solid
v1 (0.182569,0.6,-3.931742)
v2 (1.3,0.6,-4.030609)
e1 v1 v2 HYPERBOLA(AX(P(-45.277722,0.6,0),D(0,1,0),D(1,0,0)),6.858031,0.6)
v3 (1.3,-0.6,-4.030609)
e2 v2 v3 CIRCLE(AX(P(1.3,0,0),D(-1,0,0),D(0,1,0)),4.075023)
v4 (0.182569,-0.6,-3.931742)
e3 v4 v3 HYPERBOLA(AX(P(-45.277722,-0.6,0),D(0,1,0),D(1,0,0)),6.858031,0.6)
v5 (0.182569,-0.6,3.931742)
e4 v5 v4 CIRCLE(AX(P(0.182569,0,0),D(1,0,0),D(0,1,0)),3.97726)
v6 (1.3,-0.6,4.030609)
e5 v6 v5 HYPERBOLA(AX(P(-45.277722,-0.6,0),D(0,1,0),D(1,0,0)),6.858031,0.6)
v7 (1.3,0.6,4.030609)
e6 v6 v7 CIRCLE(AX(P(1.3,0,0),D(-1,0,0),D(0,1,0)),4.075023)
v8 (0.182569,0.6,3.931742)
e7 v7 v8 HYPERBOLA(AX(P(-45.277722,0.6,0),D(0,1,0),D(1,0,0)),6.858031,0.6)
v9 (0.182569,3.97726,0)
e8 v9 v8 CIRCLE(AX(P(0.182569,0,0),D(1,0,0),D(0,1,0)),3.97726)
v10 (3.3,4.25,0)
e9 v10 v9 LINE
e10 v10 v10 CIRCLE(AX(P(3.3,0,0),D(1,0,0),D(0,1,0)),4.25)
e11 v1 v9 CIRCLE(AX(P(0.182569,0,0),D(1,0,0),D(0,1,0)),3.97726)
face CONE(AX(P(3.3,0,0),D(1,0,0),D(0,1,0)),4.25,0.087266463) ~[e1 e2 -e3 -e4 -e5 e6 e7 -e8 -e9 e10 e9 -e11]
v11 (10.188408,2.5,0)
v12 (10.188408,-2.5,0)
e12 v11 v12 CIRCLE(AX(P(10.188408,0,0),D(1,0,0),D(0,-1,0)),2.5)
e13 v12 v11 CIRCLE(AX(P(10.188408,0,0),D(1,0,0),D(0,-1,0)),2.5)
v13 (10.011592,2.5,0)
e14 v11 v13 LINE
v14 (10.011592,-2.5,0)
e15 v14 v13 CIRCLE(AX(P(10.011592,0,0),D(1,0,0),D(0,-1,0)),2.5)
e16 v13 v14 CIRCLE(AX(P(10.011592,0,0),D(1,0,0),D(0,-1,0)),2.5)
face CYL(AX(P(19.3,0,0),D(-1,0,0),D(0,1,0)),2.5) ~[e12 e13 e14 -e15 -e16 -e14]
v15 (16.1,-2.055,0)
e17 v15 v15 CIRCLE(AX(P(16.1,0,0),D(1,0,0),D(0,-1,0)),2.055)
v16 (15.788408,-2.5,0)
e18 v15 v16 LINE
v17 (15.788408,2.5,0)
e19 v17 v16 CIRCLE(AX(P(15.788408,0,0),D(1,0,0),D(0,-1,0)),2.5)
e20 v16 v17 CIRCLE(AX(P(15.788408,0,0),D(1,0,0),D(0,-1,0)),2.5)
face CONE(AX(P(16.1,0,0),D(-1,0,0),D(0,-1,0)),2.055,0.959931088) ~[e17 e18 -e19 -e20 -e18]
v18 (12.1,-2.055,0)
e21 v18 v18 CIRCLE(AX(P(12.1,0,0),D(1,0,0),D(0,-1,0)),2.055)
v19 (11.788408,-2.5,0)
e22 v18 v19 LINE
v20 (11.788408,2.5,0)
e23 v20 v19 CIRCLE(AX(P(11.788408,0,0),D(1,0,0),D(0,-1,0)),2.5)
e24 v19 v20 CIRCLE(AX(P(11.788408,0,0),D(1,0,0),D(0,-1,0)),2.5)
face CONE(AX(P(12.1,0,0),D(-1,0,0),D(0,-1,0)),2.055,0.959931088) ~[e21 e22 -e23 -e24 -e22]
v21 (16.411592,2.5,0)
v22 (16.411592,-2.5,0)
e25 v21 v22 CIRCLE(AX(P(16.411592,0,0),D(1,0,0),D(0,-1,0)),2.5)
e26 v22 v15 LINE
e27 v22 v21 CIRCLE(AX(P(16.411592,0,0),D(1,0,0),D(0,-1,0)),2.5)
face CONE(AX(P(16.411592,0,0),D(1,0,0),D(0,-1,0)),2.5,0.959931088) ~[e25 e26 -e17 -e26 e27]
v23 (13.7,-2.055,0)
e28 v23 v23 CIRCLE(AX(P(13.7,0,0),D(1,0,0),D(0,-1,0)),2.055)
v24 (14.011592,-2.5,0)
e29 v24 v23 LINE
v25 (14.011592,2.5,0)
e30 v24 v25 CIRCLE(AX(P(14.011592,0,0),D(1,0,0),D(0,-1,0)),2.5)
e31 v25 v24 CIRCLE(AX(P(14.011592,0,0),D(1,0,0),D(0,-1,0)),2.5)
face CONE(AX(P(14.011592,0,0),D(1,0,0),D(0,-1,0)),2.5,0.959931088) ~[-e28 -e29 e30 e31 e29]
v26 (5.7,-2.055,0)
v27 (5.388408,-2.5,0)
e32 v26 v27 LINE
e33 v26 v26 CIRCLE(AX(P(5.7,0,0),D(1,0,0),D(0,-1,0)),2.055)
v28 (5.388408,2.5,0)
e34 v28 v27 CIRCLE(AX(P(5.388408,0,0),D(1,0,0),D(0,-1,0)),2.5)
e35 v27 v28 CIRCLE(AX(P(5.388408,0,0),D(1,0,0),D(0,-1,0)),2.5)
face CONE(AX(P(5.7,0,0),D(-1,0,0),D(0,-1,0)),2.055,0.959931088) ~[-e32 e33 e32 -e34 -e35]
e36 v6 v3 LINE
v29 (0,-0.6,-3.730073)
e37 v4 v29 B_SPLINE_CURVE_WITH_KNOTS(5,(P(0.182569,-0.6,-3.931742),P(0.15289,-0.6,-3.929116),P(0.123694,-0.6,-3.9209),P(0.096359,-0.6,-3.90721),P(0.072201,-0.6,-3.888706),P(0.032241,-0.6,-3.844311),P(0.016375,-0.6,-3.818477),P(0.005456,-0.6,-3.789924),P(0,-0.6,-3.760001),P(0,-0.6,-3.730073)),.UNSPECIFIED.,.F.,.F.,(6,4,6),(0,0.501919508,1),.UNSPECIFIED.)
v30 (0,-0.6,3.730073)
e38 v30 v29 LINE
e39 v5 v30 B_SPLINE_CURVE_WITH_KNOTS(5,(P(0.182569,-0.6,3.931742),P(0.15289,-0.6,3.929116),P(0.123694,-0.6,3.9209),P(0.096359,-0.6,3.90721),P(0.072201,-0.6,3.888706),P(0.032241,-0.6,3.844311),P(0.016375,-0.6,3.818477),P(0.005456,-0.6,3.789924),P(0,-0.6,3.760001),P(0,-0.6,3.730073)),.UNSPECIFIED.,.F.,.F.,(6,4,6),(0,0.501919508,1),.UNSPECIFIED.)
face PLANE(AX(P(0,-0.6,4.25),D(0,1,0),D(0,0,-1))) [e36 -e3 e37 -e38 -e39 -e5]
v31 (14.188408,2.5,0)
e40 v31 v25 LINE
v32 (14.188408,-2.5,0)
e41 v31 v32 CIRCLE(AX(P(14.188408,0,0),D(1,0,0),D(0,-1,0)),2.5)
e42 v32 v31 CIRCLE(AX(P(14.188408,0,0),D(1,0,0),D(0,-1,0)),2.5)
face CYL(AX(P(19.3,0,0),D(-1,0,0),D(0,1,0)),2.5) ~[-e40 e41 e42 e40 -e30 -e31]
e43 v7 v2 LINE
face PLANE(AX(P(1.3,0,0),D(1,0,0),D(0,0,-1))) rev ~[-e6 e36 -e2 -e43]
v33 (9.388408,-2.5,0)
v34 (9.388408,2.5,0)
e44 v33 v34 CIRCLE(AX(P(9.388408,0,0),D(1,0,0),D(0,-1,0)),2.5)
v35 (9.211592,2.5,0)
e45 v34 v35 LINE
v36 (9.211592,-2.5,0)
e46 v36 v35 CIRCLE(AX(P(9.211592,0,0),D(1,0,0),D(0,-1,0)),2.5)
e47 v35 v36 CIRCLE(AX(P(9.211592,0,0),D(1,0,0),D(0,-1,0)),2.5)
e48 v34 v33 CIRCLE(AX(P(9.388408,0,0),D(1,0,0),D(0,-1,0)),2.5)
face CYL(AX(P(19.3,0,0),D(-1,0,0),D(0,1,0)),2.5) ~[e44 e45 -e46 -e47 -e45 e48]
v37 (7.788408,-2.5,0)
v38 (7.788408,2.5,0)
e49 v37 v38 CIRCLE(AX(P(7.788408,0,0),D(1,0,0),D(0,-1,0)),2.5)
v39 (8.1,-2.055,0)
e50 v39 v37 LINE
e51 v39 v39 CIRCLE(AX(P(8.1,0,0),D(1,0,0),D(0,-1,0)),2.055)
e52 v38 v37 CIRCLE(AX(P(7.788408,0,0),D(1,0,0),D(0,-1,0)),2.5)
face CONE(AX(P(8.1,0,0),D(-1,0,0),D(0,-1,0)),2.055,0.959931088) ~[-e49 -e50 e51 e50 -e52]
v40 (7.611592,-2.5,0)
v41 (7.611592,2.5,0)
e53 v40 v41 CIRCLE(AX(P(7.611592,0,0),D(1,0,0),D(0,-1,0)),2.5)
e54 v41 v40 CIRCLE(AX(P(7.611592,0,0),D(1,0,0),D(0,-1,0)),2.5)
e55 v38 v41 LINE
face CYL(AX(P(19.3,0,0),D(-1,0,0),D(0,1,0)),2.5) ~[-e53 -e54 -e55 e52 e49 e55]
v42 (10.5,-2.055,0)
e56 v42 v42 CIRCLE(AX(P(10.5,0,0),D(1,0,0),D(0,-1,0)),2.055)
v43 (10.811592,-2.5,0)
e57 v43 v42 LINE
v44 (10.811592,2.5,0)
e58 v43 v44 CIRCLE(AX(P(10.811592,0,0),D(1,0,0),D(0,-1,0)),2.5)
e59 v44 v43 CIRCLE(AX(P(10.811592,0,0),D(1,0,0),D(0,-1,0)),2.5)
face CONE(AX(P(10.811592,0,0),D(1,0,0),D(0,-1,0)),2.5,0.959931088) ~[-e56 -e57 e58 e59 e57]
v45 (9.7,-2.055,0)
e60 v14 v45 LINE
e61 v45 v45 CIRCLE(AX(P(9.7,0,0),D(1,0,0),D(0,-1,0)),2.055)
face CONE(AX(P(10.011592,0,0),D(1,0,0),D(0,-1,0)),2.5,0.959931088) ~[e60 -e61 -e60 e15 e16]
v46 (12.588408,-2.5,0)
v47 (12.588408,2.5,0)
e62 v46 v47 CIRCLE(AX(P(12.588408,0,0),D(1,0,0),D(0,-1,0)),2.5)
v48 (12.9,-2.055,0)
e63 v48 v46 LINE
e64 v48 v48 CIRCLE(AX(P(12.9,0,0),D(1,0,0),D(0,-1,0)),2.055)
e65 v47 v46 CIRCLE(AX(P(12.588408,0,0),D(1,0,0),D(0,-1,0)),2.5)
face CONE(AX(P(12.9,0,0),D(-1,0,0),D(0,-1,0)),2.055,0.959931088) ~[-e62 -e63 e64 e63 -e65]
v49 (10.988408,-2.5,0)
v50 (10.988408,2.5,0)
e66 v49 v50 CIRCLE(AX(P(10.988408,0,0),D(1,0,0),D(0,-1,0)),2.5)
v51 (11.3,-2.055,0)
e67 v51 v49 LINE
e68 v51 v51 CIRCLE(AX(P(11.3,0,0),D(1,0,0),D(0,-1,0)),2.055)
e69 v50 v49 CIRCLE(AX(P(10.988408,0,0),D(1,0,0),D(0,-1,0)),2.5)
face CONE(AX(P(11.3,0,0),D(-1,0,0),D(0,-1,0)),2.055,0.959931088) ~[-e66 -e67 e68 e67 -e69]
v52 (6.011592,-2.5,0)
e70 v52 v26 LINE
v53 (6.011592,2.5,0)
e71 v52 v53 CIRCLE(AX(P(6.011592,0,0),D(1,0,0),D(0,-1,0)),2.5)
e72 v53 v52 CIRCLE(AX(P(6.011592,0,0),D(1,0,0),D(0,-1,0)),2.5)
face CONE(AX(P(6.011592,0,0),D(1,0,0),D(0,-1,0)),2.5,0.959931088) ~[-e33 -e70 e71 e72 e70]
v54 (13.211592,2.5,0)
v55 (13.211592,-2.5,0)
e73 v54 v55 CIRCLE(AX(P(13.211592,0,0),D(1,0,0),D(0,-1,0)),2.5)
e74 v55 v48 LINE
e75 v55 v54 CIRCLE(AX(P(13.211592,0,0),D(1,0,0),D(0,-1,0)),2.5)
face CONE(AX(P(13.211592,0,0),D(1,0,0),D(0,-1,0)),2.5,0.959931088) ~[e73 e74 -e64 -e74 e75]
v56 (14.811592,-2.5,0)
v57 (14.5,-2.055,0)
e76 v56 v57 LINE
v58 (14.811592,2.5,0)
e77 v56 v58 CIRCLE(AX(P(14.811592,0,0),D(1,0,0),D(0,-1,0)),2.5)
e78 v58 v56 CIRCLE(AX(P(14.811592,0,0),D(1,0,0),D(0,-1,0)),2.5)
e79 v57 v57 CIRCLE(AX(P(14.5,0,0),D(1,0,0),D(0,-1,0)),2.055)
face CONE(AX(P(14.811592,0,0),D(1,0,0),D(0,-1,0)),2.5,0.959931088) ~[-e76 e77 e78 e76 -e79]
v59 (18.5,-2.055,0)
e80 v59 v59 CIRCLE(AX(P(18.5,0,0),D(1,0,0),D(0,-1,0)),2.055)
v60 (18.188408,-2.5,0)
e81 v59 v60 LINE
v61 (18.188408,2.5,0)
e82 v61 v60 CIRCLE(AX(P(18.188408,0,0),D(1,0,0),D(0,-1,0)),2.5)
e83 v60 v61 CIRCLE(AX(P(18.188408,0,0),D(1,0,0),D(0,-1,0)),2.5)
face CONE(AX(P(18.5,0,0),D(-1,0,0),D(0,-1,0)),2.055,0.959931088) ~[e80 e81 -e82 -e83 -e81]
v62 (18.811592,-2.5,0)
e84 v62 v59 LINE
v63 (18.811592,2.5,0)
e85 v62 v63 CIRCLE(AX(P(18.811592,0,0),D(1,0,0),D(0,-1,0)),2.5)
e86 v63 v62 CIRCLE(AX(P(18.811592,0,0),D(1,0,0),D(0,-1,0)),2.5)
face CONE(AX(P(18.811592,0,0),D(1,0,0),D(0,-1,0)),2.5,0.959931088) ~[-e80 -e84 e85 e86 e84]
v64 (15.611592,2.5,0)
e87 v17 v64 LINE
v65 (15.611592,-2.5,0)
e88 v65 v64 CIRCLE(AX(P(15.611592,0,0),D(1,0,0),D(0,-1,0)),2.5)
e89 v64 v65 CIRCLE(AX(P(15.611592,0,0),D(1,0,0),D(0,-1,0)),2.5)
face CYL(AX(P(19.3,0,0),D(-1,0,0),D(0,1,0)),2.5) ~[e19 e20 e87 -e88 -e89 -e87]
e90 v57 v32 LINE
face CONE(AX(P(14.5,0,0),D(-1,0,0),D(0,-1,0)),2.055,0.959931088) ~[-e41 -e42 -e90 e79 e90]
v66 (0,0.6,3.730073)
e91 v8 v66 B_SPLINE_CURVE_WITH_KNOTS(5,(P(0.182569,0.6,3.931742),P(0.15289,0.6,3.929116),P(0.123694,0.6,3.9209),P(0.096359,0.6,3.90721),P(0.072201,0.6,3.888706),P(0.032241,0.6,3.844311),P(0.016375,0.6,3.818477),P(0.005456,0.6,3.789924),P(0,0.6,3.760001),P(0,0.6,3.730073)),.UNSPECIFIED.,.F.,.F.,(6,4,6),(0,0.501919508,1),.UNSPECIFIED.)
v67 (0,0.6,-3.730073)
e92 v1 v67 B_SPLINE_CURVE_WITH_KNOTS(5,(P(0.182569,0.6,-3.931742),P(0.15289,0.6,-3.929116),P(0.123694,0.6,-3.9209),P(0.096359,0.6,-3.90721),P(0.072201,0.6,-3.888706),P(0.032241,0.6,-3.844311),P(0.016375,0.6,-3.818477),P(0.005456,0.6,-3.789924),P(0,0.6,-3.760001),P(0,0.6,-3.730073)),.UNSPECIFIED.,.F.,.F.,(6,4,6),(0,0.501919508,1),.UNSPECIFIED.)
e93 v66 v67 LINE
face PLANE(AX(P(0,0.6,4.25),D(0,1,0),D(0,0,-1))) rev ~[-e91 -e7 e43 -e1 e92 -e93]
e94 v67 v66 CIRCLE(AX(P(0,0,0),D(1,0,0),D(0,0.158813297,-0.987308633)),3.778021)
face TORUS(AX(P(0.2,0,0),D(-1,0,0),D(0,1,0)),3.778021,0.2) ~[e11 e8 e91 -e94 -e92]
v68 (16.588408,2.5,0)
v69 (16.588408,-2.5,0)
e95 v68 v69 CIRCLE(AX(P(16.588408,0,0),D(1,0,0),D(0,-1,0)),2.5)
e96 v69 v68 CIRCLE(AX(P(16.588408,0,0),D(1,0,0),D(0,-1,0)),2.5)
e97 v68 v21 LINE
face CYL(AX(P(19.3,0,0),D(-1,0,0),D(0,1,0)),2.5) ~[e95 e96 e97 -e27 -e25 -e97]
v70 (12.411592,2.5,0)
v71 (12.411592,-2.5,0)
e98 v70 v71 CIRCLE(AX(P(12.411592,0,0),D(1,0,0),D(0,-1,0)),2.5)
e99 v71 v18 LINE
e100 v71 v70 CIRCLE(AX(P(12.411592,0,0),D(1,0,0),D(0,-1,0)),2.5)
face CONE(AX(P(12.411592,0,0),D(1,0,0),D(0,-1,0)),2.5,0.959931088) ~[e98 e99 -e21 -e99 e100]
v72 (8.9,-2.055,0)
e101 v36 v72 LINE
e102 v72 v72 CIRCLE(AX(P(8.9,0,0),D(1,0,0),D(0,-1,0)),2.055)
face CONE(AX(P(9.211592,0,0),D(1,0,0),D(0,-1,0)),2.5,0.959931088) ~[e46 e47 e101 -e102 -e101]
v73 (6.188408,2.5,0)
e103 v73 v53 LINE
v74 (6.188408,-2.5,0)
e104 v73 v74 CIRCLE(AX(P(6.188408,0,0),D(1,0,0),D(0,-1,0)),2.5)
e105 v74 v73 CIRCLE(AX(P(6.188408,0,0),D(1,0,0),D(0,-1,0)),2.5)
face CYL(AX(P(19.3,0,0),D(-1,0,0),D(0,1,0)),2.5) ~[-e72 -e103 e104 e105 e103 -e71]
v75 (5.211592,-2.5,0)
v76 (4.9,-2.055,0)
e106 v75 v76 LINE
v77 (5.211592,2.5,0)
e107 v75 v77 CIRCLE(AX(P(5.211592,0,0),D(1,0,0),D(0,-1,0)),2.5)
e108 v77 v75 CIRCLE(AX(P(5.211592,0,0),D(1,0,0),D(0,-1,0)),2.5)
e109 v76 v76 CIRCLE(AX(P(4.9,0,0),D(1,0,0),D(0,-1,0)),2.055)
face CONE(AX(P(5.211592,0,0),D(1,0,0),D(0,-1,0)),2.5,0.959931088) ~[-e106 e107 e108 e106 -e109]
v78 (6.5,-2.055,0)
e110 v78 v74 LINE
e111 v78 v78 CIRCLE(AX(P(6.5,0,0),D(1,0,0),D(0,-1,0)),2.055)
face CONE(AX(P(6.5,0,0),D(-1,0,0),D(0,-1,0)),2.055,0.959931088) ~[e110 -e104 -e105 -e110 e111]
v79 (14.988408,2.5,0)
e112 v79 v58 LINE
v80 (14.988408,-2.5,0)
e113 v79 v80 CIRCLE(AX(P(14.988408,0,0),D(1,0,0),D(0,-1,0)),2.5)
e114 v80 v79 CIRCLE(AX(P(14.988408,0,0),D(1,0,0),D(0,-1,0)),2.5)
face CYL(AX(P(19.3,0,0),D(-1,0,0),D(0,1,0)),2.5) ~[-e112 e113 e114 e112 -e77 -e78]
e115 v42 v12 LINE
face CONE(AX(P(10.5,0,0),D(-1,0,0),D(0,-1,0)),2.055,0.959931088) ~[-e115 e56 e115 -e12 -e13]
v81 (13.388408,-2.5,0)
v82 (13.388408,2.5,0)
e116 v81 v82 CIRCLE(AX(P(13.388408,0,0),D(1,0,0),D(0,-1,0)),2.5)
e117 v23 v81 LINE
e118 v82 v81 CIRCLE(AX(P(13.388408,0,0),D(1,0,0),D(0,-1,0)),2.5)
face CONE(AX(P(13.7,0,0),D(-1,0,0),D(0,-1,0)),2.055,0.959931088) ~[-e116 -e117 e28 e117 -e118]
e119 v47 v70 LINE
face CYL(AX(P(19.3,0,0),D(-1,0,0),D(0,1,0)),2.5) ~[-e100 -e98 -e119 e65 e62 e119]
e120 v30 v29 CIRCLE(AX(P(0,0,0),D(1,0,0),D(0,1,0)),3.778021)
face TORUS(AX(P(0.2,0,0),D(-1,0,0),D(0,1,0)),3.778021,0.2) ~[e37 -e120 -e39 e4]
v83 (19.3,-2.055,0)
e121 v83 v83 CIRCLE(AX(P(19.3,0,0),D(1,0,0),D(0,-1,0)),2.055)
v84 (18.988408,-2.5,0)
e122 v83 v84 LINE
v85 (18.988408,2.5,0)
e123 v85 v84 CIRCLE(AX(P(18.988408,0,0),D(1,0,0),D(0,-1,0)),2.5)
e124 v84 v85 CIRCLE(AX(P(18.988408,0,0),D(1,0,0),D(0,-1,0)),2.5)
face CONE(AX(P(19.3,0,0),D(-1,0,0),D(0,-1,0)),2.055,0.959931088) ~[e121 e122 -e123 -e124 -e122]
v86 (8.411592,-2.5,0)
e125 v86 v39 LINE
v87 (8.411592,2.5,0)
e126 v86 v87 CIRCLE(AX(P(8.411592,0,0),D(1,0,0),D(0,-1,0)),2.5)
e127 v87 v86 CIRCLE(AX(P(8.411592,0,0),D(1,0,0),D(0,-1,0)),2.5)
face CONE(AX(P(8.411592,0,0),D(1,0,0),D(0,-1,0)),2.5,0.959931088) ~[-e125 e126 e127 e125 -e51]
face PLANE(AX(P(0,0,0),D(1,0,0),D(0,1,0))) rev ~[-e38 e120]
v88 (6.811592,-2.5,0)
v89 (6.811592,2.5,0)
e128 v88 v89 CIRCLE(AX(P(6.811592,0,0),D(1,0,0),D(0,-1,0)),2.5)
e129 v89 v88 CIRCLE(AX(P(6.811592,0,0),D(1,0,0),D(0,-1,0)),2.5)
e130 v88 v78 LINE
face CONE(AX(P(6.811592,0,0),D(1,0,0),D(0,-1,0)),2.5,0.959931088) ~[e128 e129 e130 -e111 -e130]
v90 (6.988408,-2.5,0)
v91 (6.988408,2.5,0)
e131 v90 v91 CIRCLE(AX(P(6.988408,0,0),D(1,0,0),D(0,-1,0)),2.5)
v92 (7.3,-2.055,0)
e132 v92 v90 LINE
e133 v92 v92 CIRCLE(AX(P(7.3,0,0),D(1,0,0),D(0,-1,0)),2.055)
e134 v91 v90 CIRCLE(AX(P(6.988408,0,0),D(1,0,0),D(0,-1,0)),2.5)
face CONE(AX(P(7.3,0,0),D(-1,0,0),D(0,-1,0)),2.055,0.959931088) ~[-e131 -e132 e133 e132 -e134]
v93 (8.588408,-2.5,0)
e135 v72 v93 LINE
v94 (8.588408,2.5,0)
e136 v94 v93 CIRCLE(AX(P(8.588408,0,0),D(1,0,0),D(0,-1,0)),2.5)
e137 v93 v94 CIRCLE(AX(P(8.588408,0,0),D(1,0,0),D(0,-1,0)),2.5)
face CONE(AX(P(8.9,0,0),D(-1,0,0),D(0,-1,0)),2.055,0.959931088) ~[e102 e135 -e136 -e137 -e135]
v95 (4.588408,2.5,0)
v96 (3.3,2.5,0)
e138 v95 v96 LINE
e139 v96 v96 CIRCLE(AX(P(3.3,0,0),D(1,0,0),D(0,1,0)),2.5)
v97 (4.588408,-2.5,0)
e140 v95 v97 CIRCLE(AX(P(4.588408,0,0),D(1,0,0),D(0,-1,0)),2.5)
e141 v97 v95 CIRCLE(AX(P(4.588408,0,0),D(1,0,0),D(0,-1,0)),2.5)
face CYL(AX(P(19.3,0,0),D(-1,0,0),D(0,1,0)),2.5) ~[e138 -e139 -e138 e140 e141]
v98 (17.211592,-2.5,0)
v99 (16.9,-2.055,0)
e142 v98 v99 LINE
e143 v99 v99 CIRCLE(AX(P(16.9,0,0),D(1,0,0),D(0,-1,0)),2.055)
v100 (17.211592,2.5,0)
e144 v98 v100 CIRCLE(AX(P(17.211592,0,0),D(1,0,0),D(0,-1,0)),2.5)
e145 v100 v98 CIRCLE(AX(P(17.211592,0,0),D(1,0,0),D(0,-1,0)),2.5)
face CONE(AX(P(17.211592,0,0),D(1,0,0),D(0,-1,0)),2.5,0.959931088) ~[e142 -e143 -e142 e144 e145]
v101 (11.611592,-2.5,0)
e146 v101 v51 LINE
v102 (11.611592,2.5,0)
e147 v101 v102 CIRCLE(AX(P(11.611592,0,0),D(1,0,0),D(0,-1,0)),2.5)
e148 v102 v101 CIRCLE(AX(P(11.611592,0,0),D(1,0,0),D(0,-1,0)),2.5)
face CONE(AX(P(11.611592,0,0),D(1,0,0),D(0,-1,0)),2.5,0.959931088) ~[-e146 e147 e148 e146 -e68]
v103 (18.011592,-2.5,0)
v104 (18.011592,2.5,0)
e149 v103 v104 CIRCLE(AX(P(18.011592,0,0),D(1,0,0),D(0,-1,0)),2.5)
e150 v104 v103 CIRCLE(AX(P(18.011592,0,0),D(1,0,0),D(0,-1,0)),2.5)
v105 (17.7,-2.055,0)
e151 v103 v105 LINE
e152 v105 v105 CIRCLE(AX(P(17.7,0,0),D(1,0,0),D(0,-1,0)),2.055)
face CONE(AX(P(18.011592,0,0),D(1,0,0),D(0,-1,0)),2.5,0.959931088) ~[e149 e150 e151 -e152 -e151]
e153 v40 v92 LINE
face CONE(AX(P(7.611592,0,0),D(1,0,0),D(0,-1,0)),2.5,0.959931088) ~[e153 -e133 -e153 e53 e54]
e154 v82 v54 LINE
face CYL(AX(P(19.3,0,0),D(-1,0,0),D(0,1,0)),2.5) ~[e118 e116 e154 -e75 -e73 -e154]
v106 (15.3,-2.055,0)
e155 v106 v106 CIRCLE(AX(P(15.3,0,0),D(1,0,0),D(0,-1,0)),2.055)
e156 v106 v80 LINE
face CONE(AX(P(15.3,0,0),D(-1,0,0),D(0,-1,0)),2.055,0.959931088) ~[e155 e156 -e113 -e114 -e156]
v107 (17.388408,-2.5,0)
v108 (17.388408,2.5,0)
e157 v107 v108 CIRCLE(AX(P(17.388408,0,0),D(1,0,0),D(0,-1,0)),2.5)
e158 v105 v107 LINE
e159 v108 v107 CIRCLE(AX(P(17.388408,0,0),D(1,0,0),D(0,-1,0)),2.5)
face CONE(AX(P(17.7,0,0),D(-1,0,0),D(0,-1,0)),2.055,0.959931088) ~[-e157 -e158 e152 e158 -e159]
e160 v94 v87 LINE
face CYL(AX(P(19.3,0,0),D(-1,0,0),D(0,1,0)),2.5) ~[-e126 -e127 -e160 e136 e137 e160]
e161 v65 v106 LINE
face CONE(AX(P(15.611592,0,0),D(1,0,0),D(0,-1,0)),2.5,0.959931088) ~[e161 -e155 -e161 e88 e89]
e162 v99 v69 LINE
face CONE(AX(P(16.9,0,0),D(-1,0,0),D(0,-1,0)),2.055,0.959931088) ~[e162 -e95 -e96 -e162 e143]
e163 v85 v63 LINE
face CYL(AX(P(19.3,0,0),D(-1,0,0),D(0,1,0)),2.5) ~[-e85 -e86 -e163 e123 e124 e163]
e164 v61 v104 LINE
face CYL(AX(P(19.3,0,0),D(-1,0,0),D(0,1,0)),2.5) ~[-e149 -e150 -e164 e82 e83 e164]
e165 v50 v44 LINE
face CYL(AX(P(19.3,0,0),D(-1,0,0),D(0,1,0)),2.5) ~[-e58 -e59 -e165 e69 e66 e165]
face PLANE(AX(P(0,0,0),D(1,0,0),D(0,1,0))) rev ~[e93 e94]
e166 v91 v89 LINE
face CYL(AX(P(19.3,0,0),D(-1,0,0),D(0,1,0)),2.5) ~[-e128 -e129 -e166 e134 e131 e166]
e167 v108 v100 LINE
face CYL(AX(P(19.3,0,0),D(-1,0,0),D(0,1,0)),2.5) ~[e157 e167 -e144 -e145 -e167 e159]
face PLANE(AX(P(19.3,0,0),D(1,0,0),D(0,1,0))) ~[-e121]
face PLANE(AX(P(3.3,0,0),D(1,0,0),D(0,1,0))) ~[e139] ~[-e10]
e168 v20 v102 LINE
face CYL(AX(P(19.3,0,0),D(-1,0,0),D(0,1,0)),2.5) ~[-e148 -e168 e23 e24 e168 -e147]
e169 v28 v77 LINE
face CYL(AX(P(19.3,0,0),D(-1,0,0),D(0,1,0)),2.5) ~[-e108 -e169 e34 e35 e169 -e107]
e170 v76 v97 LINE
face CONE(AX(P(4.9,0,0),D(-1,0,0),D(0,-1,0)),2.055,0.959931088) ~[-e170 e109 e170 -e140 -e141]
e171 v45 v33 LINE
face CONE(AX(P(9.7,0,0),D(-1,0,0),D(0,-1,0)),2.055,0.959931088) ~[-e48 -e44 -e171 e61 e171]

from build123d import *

# Parameters (mm, degrees)
FILLET2_R       = 0.2
SKETCH2_W       = 8.5
SKETCH2_H       = 1.2
SLOT_DEPTH      = 1.3
THDSCHPAT_COUNT = 19
THDSCHPAT_PITCH = 0.8


with BuildPart() as part:
    # BodySke → Base-Revolve (revolve)
    with BuildSketch(Plane.XY):
        Polygon((3.3, 2.5), (3.3, 4.25), (0, 3.96128741), (0, 0), (19.3, 0), (19.3, 2.5), align=None)
    revolve(axis=Axis((-25.4, 0, 0), (1, 0, 0)))

    # Fillet2
    fillet2_edges = [part.edges().sort_by_distance(p)[0] for p in [
        (0, -3.96128741, 0),
    ]]
    fillet(fillet2_edges, radius=FILLET2_R)

    # Sketch2 → Slot (cut)
    with BuildSketch(Plane(origin=(0, 0, 0), x_dir=(0, 0, -1), z_dir=(1, 0, 0))):
        Rectangle(SKETCH2_W, SKETCH2_H)
    extrude(amount=SLOT_DEPTH, mode=Mode.SUBTRACT)

    # ThdSchSke → ThreadSchematic (revolve, cut)
    with BuildSketch(Plane.XY):
        Polygon((4.9, -2.055), (4.588407645, -2.5), (4.588407645, -3.125), (5.211592355, -3.125), (5.211592355, -2.5), align=None)
    threadschematic = revolve(axis=Axis((-3.175, 0, 0), (1, 0, 0)), mode=Mode.SUBTRACT)

    # ThdSchPat: ThreadSchematic ×19
    with Locations(*[(i * THDSCHPAT_PITCH, 0, 0) for i in range(1, THDSCHPAT_COUNT)]):
        add(threadschematic, mode=Mode.SUBTRACT)


solid = part.part
